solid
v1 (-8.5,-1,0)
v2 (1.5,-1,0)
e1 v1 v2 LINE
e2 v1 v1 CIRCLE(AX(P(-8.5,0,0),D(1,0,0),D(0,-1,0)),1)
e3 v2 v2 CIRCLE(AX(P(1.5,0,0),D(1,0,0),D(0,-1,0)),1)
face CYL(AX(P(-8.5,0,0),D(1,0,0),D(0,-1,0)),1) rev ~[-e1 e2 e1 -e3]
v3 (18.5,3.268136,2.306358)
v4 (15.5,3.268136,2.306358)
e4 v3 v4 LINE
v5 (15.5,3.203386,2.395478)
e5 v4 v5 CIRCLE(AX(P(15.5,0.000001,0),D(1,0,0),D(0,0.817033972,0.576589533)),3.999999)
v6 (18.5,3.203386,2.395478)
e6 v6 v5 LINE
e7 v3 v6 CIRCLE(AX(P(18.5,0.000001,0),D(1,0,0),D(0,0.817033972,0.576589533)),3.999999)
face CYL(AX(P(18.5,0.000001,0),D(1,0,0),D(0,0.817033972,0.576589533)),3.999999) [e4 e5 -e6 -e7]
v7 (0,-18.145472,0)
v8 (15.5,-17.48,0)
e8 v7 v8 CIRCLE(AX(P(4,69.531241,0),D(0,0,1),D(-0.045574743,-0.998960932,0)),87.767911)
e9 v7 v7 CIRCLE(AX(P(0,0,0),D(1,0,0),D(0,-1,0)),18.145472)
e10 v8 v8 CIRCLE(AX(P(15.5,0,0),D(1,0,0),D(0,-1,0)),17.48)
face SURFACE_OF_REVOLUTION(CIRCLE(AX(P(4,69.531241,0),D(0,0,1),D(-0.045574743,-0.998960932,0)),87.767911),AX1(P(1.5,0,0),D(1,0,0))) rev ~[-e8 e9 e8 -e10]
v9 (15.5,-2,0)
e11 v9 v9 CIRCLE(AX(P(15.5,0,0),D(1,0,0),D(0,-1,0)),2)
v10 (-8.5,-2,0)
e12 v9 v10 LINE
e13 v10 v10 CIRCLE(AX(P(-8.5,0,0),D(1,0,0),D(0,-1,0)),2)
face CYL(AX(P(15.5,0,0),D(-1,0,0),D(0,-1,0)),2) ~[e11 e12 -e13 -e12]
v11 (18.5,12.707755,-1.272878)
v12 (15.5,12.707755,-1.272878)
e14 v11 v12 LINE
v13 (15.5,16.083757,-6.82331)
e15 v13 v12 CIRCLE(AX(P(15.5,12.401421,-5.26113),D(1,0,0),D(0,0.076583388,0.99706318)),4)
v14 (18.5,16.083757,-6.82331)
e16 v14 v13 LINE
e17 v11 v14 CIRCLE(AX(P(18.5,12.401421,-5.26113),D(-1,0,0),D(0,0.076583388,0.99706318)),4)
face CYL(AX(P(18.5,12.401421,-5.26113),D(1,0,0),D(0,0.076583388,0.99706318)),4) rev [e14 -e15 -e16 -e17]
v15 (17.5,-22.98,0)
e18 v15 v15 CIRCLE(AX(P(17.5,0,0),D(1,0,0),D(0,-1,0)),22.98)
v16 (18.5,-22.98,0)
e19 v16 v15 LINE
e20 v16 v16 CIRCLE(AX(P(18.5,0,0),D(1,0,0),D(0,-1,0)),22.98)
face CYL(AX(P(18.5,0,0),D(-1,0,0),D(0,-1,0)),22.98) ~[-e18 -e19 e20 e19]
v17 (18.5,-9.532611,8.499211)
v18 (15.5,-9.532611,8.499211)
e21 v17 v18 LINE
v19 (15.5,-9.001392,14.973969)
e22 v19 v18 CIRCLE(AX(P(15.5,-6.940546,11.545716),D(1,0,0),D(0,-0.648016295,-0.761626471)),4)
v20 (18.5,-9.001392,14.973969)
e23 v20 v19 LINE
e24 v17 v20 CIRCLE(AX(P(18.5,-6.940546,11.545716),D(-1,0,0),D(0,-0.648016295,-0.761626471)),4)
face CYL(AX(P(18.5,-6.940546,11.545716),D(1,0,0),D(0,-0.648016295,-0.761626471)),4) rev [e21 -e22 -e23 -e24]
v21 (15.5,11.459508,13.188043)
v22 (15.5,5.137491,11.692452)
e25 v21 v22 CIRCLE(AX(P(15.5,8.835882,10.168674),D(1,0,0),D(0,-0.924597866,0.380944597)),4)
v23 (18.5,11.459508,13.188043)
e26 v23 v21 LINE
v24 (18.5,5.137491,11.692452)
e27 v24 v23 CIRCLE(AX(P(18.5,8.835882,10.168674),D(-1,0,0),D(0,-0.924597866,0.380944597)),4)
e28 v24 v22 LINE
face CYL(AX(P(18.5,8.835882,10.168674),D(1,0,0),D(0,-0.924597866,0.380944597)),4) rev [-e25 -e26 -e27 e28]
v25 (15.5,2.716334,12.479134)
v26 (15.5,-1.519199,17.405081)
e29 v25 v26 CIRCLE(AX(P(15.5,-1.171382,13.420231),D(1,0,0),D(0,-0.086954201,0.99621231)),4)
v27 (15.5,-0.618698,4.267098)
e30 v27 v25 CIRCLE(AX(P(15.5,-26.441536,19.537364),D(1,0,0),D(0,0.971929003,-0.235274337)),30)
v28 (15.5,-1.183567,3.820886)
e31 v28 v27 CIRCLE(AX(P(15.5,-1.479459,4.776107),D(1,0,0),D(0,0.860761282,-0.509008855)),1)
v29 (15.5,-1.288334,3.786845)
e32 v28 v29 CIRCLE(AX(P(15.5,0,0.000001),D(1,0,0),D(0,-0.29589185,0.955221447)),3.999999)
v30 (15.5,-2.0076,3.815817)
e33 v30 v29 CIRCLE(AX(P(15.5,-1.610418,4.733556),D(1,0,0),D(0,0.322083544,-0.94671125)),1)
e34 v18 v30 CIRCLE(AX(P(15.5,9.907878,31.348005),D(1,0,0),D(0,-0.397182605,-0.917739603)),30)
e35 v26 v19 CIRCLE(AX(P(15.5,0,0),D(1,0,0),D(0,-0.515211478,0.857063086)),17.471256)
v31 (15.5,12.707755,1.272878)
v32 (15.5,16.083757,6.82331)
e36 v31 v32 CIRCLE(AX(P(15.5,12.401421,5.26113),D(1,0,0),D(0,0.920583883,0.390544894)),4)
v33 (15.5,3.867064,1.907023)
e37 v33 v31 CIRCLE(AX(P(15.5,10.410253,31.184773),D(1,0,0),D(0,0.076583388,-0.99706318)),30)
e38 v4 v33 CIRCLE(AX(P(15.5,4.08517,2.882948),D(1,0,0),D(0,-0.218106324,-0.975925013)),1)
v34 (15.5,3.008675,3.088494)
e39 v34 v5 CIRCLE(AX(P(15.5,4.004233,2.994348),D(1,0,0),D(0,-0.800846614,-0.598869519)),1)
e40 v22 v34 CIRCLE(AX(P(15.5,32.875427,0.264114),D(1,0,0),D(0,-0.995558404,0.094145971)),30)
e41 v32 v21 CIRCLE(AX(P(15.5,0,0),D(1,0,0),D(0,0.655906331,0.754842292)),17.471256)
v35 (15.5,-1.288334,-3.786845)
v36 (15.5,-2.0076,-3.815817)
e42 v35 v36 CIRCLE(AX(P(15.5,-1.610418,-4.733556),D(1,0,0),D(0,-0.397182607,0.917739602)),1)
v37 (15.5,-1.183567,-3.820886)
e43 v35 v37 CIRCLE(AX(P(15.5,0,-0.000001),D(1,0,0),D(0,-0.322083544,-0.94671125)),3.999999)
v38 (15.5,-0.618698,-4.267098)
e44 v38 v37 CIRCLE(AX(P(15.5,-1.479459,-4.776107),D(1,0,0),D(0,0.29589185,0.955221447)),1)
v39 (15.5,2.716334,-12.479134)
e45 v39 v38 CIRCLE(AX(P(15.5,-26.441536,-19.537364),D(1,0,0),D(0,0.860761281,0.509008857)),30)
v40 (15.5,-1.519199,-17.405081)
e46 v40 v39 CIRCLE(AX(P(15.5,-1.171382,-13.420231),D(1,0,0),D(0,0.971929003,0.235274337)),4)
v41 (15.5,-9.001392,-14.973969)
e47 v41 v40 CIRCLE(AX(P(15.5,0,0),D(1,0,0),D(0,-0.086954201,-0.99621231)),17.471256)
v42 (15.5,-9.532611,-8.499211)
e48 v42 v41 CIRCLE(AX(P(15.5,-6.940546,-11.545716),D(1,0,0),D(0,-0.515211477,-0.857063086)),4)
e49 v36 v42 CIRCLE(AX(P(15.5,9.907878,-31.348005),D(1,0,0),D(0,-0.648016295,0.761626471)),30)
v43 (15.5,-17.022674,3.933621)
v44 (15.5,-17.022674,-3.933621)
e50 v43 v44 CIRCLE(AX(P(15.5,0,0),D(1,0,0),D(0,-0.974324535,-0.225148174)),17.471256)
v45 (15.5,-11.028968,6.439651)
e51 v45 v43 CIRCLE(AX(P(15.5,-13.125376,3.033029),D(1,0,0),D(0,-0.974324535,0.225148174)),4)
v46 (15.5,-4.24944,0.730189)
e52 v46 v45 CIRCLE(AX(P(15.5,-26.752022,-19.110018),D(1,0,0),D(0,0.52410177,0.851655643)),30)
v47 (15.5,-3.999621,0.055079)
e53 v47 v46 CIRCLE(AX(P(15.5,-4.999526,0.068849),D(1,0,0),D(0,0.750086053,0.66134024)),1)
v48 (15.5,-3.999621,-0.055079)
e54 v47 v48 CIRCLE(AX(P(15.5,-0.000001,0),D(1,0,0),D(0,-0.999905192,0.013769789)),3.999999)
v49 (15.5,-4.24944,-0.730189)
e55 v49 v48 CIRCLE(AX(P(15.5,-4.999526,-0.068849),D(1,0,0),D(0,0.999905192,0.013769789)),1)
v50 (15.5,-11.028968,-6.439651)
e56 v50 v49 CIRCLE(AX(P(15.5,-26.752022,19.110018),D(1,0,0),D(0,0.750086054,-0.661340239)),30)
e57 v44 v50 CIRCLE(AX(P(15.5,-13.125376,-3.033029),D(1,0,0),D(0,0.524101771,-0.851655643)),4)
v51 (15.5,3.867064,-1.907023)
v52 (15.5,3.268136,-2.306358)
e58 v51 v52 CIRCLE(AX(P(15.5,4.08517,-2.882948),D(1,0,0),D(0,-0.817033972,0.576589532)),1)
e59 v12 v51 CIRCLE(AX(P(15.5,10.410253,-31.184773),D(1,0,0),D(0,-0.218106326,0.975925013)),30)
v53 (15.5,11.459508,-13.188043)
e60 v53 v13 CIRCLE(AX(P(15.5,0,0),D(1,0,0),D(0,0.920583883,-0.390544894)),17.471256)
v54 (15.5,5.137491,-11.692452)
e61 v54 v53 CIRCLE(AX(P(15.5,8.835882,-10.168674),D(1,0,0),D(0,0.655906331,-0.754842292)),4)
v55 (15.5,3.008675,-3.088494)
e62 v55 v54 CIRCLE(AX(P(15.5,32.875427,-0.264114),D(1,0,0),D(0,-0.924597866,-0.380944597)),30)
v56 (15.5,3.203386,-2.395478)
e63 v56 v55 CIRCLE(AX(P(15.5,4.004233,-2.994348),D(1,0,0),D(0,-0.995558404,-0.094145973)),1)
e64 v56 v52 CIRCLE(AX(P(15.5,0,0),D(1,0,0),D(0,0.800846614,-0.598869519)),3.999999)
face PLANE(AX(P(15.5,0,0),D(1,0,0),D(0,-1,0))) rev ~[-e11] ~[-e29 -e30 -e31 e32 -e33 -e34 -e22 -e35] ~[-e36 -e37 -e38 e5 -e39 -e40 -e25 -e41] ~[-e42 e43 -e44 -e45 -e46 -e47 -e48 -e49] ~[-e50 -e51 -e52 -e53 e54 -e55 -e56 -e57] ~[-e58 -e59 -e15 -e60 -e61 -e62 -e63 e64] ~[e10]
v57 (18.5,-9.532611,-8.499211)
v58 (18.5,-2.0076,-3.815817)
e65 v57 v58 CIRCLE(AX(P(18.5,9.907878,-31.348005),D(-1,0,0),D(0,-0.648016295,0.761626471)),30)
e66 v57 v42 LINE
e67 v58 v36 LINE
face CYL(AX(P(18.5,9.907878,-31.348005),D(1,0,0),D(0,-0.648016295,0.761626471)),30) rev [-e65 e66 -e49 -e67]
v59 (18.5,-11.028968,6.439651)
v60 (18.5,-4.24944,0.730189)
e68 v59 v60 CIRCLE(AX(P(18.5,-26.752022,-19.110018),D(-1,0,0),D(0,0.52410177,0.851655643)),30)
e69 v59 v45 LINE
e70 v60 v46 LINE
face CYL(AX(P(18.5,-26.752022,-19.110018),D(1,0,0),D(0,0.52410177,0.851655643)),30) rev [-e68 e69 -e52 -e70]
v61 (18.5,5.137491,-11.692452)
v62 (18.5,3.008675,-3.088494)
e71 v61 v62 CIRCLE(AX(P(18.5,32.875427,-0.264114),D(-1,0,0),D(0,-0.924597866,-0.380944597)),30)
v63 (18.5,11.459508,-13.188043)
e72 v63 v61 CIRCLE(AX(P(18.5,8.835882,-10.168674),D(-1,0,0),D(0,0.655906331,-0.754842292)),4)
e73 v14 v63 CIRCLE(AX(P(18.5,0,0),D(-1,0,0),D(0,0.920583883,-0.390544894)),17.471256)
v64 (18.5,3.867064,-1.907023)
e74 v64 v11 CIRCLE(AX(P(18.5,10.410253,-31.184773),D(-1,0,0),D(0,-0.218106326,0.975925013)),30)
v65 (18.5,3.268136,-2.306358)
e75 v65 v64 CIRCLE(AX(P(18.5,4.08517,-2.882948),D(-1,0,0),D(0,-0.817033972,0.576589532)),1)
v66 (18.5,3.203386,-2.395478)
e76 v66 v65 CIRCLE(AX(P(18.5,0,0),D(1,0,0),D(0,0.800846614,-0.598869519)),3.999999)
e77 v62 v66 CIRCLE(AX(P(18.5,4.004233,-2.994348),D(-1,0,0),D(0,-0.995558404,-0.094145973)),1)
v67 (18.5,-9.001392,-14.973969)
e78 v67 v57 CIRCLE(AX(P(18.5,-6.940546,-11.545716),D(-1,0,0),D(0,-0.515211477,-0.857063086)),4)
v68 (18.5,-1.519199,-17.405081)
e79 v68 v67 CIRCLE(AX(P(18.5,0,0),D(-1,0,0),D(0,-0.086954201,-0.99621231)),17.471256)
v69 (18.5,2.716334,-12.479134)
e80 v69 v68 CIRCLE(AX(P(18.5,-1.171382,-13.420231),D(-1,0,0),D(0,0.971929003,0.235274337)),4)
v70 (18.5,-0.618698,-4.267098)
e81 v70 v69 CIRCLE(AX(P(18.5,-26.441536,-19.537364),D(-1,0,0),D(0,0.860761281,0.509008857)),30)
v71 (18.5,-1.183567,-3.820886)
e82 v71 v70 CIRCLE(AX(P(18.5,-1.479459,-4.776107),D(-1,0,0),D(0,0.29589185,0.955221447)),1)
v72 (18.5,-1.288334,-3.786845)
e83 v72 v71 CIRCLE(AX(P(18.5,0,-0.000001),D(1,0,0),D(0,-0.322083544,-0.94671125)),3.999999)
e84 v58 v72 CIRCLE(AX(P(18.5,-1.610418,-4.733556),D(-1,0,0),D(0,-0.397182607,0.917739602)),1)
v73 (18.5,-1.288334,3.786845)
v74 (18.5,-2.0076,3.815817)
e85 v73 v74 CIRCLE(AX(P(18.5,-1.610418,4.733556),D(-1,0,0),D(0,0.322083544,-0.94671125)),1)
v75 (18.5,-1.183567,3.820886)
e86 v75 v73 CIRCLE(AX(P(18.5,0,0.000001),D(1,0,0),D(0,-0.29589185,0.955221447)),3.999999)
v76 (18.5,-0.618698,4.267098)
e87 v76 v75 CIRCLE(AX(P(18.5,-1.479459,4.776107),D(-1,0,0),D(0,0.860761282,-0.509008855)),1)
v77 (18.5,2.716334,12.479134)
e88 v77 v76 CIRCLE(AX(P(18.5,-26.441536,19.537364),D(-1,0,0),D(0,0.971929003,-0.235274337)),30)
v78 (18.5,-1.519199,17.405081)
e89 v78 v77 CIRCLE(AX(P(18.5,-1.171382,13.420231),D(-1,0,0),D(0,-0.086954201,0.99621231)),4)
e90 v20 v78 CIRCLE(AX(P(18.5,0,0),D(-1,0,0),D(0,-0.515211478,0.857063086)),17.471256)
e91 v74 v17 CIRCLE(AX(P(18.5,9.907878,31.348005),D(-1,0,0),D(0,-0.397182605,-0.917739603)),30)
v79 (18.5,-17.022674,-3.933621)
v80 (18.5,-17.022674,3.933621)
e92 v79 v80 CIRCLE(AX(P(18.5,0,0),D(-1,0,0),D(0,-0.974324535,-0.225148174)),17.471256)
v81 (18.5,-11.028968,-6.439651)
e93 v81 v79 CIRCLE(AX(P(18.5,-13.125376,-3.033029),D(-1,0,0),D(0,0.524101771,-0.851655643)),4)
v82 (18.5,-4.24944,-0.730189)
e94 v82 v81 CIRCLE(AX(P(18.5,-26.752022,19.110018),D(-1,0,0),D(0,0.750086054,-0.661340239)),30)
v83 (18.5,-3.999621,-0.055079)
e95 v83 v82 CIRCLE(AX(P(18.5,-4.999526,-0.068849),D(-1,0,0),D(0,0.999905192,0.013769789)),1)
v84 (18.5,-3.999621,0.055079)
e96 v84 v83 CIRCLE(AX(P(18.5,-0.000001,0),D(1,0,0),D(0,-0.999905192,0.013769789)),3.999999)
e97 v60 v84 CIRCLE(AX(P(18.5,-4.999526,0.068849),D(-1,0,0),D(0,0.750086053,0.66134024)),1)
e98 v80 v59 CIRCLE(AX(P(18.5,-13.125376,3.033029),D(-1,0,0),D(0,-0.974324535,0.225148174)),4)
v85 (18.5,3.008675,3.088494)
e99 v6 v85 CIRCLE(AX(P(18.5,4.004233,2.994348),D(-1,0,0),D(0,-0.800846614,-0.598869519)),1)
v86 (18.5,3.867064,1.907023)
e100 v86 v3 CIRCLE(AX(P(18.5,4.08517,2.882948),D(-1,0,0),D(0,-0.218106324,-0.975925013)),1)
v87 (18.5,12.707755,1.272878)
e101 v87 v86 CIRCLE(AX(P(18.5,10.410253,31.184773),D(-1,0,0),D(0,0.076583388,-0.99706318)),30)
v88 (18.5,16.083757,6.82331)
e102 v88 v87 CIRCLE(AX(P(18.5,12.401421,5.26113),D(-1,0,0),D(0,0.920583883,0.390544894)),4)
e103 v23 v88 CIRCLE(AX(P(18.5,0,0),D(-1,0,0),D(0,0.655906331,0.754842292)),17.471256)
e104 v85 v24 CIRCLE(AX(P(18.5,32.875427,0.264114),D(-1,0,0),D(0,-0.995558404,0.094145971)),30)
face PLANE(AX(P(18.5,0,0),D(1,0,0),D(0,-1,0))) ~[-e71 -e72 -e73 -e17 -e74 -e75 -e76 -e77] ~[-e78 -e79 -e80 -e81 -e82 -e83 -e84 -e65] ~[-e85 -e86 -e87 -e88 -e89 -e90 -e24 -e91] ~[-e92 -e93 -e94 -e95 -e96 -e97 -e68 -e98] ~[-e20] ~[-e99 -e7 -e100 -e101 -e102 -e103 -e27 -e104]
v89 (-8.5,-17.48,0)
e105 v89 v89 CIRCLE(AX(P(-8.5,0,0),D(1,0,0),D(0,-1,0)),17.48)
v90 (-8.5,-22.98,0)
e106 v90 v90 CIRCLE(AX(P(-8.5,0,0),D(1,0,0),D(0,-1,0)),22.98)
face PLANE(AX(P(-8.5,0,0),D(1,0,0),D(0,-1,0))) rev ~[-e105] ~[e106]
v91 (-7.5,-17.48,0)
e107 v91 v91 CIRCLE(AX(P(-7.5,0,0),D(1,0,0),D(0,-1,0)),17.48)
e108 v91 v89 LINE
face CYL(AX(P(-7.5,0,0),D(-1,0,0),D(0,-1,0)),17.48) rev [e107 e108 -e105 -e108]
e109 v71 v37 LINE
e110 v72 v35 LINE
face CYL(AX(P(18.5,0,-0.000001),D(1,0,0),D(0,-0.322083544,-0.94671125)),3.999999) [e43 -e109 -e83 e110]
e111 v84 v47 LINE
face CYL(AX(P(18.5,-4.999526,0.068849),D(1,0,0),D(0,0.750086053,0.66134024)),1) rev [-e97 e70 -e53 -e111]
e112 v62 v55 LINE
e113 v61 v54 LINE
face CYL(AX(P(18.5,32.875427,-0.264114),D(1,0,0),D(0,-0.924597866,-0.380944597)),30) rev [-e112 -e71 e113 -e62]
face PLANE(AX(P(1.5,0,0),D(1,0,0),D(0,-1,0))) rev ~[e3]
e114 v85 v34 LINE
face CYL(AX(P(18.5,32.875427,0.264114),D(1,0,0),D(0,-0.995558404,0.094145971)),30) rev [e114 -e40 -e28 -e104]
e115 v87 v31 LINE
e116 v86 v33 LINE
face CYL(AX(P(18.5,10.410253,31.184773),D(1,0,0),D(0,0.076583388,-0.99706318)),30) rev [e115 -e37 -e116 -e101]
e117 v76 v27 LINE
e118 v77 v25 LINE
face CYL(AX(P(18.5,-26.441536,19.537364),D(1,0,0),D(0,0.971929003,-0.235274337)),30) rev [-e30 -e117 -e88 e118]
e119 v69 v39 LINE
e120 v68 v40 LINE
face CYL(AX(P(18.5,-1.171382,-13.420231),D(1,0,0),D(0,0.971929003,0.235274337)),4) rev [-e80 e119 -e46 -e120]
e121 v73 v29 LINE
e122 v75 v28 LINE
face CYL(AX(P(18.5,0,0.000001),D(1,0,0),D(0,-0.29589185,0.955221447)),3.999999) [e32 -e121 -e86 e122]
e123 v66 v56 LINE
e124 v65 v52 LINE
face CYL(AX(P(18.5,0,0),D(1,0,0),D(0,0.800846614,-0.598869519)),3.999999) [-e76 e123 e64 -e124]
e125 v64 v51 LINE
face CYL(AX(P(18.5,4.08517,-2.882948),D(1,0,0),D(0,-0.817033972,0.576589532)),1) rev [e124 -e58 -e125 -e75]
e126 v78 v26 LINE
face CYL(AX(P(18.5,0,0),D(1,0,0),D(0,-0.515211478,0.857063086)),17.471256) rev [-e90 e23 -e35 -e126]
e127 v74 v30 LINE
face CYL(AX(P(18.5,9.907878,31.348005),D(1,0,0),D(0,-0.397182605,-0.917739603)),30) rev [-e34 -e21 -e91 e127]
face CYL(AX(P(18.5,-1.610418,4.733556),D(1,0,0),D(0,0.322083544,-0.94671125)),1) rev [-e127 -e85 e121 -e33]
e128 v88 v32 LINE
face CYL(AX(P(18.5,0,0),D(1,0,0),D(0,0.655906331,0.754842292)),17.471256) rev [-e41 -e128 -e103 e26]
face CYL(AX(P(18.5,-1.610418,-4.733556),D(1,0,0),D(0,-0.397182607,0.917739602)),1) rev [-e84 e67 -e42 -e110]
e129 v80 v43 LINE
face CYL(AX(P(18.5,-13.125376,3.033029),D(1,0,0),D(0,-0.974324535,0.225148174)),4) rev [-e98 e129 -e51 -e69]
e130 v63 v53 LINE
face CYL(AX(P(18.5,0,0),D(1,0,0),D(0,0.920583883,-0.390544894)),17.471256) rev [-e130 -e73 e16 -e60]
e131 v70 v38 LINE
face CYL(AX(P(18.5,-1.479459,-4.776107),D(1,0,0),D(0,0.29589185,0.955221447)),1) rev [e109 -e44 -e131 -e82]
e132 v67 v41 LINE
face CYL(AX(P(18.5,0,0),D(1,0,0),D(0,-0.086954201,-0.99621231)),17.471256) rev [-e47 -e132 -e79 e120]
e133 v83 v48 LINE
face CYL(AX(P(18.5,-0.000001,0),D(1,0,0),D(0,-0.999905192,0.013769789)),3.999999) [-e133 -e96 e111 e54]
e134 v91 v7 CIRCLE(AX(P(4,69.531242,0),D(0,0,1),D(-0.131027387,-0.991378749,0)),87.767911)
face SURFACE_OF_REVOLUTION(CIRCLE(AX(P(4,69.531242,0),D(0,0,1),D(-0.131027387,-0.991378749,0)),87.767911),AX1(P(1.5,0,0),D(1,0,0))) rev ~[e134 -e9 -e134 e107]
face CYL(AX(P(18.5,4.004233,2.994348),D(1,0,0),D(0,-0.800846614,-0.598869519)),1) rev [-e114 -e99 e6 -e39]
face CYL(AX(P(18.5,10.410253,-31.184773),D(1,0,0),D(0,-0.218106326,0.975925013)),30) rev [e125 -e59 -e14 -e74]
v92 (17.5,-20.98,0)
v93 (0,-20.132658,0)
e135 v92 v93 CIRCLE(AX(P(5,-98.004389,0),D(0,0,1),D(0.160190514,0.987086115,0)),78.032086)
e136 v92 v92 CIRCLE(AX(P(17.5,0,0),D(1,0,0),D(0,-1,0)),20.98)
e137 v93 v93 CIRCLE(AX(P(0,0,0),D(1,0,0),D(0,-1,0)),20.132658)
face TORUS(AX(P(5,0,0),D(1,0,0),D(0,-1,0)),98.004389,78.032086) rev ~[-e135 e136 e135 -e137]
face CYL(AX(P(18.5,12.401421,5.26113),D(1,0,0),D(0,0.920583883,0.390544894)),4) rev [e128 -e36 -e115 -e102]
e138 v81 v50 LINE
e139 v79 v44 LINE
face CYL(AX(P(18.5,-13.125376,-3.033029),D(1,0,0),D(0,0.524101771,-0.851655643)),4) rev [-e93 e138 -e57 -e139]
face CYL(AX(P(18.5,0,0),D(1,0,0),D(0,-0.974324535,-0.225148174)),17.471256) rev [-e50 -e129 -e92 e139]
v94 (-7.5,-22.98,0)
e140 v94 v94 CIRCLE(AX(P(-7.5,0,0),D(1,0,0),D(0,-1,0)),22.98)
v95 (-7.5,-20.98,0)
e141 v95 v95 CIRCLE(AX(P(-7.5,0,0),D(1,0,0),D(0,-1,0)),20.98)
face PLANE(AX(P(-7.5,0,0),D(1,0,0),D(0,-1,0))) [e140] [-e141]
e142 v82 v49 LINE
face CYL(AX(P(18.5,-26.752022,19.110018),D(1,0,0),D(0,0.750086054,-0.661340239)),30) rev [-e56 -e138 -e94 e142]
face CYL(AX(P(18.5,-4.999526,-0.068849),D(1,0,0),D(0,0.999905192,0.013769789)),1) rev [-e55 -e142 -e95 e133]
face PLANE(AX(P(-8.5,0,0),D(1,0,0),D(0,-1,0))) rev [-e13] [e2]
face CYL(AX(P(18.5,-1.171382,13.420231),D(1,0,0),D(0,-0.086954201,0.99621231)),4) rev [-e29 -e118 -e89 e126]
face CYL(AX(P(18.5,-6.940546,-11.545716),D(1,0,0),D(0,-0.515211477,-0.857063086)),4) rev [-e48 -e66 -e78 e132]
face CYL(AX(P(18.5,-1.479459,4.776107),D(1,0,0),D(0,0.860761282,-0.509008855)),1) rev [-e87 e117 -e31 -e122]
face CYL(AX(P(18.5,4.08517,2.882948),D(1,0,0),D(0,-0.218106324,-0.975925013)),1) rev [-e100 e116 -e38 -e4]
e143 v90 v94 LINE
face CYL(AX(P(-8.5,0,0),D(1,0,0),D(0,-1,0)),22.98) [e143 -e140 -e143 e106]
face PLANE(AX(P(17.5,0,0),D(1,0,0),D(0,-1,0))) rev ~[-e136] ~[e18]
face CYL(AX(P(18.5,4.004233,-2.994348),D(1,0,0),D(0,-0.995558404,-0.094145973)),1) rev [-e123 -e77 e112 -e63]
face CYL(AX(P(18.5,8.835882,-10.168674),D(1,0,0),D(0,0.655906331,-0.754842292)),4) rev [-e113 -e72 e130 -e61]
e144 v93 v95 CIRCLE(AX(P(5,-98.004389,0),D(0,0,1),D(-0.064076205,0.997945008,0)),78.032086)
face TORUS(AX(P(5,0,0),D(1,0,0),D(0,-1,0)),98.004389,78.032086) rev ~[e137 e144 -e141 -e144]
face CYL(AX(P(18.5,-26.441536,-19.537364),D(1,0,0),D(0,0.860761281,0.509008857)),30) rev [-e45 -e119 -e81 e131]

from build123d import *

# Parameters (mm, degrees)
SKETCH1_W          = 8.5
SKETCH1_H          = 1
CUT_EXTRUDE1_DEPTH = 10
CIRPATTERN1_COUNT  = 5


with BuildPart() as part:
    # Sketch1 → Revolve1 (revolve)
    with BuildSketch(Plane.XY, mode=Mode.PRIVATE) as revolve1_sk:
        with BuildLine():
            Line((0, 2), (0, 1))
            Line((0, 1), (1.5, 1))
            Line((1.5, 1), (1.5, 0))
            Line((1.5, 0), (18.5, 0))
            Line((18.5, 0), (18.5, 20.98))
            Line((18.5, 20.98), (18.5, 22.98))
            Line((18.5, 22.98), (17.5, 22.98))
            Line((17.5, 22.98), (17.5, 20.98))
            ThreePointArc((17.5, 20.98), (8.773857065, 20.063613383), (0, 20.132657923))
            Line((0, 20.132657923), (0, 18.145472326))
            ThreePointArc((0, 18.145472326), (7.76473284, 18.155889449), (15.5, 17.48))
            Line((15.5, 17.48), (15.5, 2))
            Line((15.5, 2), (0, 2))
        make_face()
        with BuildLine():
            ThreePointArc((-7.5, 17.48), (-3.757139508, 17.893199785), (0, 18.145472326))
            Line((0, 18.145472326), (0, 20.132657923))
            ThreePointArc((0, 20.132657923), (-3.760250975, 20.465595459), (-7.5, 20.98))
            Line((-7.5, 20.98), (-7.5, 17.48))
        make_face()
        Polygon((-7.5, 22.98), (-7.5, 20.98), (-7.5, 17.48), (-8.5, 17.48), (-8.5, 20.98), (-8.5, 22.98), align=None)
        with Locations((-4.25, 1.5)):
            Rectangle(SKETCH1_W, SKETCH1_H)
    revolve(revolve1_sk.sketch.rotate(Axis((1.5, 0, 0), (1, 0, 0)), 180), axis=Axis((1.5, 0, 0), (1, 0, 0)))

    # Sketch2 → Cut-Extrude1 (cut)
    with BuildSketch(Plane(origin=(18.5, 0, 0), x_dir=(0, 0, -1), z_dir=(1, 0, 0))):
        with BuildLine():
            ThreePointArc((2.395478081, 3.203386453), (2.351141009, 3.236067978), (2.306358123, 3.268135892))
            ThreePointArc((2.306358123, 3.268135892), (2.050929666, 3.530421213), (1.907022642, 3.867063538))
            ThreePointArc((1.907022642, 3.867063538), (1.261654903, 8.263860551), (1.272877627, 12.707754963))
            ThreePointArc((1.272877627, 12.707754963), (3.182475716, 15.818905125), (6.82330992, 16.083756945))
            ThreePointArc((6.82330992, 16.083756945), (10.269346776, 14.134543237), (13.188043125, 11.459507592))
            ThreePointArc((13.188043125, 11.459507592), (14.061233719, 7.915024784), (11.692452347, 5.137490805))
            ThreePointArc((11.692452347, 5.137490805), (7.469525621, 3.753578466), (3.088493572, 3.008674662))
            ThreePointArc((3.088493572, 3.008674662), (2.723857979, 3.041510175), (2.395478081, 3.203386453))
        make_face()
    cut_extrude1 = extrude(amount=-CUT_EXTRUDE1_DEPTH, mode=Mode.SUBTRACT)

    # CirPattern1: Cut-Extrude1 ×5 about axis
    cirpattern1_axis = Axis((0, 0, 0), (1, 0, 0))
    for i in range(1, CIRPATTERN1_COUNT):
        add(cut_extrude1.rotate(cirpattern1_axis, i * 360 / CIRPATTERN1_COUNT), mode=Mode.SUBTRACT)


solid = part.part
